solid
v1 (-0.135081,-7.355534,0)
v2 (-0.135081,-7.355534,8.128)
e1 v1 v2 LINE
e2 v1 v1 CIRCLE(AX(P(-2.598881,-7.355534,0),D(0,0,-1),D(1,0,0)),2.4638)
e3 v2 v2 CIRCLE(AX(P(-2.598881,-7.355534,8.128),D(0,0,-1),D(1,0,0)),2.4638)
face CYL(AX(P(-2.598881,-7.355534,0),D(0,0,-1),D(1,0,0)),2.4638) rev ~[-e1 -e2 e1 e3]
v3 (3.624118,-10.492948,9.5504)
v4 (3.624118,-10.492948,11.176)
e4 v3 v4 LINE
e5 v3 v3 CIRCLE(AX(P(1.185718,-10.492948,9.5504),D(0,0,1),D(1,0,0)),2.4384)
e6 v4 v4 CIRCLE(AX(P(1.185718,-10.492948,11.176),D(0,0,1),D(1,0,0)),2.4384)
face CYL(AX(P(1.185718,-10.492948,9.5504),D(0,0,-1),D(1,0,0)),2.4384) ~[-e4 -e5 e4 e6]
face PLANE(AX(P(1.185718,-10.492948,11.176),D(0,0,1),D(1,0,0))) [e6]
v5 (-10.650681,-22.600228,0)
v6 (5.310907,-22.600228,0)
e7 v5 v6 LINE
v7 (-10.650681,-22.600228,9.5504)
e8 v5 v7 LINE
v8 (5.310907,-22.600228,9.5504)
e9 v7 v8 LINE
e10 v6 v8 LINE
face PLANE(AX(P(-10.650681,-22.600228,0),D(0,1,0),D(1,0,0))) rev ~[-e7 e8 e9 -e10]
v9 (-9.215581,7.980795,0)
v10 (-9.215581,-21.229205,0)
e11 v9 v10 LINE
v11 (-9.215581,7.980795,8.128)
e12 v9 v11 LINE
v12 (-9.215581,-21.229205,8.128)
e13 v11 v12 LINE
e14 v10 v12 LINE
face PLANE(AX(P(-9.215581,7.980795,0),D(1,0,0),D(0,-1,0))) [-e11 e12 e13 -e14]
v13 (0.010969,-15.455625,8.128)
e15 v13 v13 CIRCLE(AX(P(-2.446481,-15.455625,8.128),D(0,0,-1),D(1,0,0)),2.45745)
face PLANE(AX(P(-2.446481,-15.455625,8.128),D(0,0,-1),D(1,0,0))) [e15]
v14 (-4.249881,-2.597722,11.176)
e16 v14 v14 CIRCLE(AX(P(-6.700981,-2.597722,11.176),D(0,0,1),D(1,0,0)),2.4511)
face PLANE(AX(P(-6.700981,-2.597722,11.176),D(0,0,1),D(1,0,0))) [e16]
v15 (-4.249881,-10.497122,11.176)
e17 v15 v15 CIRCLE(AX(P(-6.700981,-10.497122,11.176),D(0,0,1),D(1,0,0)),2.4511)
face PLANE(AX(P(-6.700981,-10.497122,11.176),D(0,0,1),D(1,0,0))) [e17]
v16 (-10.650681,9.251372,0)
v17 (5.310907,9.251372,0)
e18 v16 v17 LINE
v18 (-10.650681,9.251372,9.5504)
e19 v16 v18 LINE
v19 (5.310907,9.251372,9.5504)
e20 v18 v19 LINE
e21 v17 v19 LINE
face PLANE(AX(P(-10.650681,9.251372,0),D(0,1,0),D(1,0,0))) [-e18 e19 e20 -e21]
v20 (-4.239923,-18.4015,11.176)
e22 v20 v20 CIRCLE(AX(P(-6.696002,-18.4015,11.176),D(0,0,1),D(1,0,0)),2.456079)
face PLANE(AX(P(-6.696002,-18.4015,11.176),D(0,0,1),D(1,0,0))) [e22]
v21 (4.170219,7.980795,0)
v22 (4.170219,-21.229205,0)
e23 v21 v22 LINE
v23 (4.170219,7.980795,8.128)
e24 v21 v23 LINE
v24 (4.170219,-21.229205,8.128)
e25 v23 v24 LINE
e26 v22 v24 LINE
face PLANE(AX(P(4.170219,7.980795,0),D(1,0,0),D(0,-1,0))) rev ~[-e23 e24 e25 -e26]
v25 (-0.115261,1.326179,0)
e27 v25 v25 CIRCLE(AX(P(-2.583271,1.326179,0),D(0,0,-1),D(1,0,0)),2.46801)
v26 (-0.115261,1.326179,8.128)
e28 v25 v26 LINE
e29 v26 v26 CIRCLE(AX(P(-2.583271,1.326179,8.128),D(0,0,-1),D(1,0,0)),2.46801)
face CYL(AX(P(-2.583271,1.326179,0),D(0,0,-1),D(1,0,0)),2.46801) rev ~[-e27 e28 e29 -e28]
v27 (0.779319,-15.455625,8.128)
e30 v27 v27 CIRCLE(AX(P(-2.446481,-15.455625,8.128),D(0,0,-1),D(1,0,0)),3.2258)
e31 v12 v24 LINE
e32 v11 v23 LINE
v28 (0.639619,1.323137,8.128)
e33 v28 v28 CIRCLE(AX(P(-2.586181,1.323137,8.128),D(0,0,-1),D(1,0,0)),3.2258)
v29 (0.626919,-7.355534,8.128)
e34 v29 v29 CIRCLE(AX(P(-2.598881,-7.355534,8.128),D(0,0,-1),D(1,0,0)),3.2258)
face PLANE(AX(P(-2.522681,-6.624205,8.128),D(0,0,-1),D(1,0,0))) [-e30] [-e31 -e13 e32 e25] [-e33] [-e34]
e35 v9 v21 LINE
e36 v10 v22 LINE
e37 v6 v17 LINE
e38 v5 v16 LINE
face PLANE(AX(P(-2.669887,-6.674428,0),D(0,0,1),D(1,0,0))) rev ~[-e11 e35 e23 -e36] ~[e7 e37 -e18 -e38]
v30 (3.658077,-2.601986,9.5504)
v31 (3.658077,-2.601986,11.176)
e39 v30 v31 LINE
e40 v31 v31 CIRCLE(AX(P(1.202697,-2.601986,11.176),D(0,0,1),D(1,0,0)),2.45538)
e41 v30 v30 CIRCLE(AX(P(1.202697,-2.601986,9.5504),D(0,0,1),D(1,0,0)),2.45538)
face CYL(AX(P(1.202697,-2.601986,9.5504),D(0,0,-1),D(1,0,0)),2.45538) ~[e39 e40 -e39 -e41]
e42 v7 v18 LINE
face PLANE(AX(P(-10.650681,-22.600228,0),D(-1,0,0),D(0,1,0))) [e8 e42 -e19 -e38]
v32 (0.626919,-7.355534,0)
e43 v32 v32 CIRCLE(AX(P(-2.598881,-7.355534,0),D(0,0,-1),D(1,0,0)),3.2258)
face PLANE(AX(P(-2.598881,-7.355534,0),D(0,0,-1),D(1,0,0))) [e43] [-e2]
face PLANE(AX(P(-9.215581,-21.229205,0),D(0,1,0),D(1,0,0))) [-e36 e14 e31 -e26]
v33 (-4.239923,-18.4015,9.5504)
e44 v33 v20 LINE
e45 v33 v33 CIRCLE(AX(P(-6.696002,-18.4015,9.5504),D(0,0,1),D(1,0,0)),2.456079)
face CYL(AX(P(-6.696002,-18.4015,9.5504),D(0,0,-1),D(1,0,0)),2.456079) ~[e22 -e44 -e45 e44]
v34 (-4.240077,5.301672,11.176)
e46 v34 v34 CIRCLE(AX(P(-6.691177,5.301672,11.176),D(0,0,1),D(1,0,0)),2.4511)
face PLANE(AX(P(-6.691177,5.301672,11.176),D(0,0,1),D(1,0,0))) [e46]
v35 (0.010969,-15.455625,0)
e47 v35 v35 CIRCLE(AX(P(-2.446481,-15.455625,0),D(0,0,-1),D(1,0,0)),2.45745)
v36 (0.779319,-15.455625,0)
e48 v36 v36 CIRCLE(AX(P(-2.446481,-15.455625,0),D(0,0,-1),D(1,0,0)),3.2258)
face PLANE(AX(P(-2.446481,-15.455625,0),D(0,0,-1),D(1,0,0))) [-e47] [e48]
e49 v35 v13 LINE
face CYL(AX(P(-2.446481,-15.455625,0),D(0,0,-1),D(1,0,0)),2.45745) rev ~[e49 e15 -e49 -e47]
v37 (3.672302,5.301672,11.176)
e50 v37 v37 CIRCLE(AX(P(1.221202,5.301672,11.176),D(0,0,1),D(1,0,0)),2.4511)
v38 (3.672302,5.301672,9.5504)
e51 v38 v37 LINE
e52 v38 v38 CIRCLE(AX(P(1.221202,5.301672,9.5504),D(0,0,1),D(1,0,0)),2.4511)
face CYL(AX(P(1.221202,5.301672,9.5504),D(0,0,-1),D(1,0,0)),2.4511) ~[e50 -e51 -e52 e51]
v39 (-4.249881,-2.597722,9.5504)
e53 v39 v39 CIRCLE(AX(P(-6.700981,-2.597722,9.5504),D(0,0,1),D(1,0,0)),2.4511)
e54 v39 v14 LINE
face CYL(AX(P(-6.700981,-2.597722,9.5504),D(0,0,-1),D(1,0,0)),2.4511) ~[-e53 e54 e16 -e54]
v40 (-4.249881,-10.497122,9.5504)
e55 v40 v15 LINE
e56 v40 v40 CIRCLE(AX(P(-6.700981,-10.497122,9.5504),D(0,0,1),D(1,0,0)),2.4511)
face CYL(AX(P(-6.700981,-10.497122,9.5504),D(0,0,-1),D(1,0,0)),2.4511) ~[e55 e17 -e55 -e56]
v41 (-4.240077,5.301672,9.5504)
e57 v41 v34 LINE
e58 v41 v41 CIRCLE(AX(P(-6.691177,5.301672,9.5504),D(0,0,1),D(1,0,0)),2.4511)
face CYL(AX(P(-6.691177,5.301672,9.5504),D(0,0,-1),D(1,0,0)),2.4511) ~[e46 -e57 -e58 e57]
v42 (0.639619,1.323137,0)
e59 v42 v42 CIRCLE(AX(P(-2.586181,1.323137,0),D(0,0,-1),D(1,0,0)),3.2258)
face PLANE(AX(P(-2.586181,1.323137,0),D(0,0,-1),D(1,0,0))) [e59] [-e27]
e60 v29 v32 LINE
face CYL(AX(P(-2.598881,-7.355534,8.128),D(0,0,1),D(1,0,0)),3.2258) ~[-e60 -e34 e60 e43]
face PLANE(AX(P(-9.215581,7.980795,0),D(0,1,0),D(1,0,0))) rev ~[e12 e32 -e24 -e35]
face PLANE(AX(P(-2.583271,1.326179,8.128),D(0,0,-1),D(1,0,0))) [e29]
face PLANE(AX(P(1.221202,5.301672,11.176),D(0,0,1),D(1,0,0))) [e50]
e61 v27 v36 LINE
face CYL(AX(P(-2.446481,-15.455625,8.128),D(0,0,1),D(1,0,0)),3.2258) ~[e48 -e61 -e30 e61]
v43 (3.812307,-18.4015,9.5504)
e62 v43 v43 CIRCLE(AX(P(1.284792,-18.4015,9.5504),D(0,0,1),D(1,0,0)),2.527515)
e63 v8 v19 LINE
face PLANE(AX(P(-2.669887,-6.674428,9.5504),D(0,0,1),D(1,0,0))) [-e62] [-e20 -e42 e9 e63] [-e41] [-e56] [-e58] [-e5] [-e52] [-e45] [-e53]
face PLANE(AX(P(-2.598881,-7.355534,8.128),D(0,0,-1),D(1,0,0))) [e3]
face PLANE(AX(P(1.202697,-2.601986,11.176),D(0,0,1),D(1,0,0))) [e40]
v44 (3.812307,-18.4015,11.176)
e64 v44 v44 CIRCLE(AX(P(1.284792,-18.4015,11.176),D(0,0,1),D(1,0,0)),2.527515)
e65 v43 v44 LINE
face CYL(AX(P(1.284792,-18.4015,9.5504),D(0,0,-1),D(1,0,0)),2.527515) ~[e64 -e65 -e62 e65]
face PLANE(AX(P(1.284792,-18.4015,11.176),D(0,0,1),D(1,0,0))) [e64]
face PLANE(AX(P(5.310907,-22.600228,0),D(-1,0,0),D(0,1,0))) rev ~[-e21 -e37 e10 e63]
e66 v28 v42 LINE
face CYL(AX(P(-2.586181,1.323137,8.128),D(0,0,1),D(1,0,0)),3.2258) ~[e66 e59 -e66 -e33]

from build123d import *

# Parameters (mm, degrees)
F0_W     = 15.961588
F0_H     = 31.8516
F1_DEPTH = 9.5504
F2_R     = 2.4511
F2_R_2   = 2.45538
F2_R_3   = 2.4384
F2_R_4   = 2.456079
F2_R_5   = 2.527515
F3_DEPTH = 1.6256
F4_W     = 13.3858
F4_H     = 29.21
F5_DEPTH = 8.128
F6_R     = 3.2258
F7_DEPTH = 8.128
F8_R     = 2.45745
F8_R_2   = 2.4638
F8_R_3   = 2.46801
F9_DEPTH = 8.128


with BuildPart() as f1:
    # F0 (on Top) → F1 (new body)
    with BuildSketch(Plane.XY):
        with Locations((-2.669887, -6.674428)):
            Rectangle(F0_W, F0_H)
    extrude(amount=F1_DEPTH)

    # F2 (on face) → F3 (join)
    with BuildSketch(Plane.XY.offset(9.5504)):
        with Locations((-6.691177, 5.301672)):
            Circle(F2_R)
        with Locations((1.221202, 5.301672)):
            Circle(F2_R)
        with Locations((-6.700981, -2.597722)):
            Circle(F2_R)
        with Locations((1.202697, -2.601986)):
            Circle(F2_R_2)
        with Locations((-6.700981, -10.497122)):
            Circle(F2_R)
        with Locations((1.185718, -10.492948)):
            Circle(F2_R_3)
        with Locations((-6.696002, -18.4015)):
            Circle(F2_R_4)
        with Locations((1.284792, -18.4015)):
            Circle(F2_R_5)
    extrude(amount=F3_DEPTH)

    # F4 (on face) → F5 (cut)
    with BuildSketch(Plane(origin=(0, 0, 0), x_dir=(1, 0, 0), z_dir=(0, 0, -1))):
        with Locations((-2.522681, 6.624205)):
            Rectangle(F4_W, F4_H)
    extrude(amount=-F5_DEPTH, mode=Mode.SUBTRACT)

    # F6 (on face) → F7 (join)
    with BuildSketch(Plane(origin=(0, 0, 8.128), x_dir=(1, 0, 0), z_dir=(0, 0, -1))):
        with Locations((-2.446481, 15.455625)):
            Circle(F6_R)
        with Locations((-2.598881, 7.355534)):
            Circle(F6_R)
        with Locations((-2.586181, -1.323137)):
            Circle(F6_R)
    extrude(amount=F7_DEPTH)

    # F8 (on face) → F9 (cut)
    with BuildSketch(Plane(origin=(0, 0, 0), x_dir=(1, 0, 0), z_dir=(0, 0, -1))):
        with Locations((-2.446481, 15.455625)):
            Circle(F8_R)
        with Locations((-2.598881, 7.355534)):
            Circle(F8_R_2)
        with Locations((-2.583271, -1.326179)):
            Circle(F8_R_3)
    extrude(amount=-F9_DEPTH, mode=Mode.SUBTRACT)


solid = f1.part
